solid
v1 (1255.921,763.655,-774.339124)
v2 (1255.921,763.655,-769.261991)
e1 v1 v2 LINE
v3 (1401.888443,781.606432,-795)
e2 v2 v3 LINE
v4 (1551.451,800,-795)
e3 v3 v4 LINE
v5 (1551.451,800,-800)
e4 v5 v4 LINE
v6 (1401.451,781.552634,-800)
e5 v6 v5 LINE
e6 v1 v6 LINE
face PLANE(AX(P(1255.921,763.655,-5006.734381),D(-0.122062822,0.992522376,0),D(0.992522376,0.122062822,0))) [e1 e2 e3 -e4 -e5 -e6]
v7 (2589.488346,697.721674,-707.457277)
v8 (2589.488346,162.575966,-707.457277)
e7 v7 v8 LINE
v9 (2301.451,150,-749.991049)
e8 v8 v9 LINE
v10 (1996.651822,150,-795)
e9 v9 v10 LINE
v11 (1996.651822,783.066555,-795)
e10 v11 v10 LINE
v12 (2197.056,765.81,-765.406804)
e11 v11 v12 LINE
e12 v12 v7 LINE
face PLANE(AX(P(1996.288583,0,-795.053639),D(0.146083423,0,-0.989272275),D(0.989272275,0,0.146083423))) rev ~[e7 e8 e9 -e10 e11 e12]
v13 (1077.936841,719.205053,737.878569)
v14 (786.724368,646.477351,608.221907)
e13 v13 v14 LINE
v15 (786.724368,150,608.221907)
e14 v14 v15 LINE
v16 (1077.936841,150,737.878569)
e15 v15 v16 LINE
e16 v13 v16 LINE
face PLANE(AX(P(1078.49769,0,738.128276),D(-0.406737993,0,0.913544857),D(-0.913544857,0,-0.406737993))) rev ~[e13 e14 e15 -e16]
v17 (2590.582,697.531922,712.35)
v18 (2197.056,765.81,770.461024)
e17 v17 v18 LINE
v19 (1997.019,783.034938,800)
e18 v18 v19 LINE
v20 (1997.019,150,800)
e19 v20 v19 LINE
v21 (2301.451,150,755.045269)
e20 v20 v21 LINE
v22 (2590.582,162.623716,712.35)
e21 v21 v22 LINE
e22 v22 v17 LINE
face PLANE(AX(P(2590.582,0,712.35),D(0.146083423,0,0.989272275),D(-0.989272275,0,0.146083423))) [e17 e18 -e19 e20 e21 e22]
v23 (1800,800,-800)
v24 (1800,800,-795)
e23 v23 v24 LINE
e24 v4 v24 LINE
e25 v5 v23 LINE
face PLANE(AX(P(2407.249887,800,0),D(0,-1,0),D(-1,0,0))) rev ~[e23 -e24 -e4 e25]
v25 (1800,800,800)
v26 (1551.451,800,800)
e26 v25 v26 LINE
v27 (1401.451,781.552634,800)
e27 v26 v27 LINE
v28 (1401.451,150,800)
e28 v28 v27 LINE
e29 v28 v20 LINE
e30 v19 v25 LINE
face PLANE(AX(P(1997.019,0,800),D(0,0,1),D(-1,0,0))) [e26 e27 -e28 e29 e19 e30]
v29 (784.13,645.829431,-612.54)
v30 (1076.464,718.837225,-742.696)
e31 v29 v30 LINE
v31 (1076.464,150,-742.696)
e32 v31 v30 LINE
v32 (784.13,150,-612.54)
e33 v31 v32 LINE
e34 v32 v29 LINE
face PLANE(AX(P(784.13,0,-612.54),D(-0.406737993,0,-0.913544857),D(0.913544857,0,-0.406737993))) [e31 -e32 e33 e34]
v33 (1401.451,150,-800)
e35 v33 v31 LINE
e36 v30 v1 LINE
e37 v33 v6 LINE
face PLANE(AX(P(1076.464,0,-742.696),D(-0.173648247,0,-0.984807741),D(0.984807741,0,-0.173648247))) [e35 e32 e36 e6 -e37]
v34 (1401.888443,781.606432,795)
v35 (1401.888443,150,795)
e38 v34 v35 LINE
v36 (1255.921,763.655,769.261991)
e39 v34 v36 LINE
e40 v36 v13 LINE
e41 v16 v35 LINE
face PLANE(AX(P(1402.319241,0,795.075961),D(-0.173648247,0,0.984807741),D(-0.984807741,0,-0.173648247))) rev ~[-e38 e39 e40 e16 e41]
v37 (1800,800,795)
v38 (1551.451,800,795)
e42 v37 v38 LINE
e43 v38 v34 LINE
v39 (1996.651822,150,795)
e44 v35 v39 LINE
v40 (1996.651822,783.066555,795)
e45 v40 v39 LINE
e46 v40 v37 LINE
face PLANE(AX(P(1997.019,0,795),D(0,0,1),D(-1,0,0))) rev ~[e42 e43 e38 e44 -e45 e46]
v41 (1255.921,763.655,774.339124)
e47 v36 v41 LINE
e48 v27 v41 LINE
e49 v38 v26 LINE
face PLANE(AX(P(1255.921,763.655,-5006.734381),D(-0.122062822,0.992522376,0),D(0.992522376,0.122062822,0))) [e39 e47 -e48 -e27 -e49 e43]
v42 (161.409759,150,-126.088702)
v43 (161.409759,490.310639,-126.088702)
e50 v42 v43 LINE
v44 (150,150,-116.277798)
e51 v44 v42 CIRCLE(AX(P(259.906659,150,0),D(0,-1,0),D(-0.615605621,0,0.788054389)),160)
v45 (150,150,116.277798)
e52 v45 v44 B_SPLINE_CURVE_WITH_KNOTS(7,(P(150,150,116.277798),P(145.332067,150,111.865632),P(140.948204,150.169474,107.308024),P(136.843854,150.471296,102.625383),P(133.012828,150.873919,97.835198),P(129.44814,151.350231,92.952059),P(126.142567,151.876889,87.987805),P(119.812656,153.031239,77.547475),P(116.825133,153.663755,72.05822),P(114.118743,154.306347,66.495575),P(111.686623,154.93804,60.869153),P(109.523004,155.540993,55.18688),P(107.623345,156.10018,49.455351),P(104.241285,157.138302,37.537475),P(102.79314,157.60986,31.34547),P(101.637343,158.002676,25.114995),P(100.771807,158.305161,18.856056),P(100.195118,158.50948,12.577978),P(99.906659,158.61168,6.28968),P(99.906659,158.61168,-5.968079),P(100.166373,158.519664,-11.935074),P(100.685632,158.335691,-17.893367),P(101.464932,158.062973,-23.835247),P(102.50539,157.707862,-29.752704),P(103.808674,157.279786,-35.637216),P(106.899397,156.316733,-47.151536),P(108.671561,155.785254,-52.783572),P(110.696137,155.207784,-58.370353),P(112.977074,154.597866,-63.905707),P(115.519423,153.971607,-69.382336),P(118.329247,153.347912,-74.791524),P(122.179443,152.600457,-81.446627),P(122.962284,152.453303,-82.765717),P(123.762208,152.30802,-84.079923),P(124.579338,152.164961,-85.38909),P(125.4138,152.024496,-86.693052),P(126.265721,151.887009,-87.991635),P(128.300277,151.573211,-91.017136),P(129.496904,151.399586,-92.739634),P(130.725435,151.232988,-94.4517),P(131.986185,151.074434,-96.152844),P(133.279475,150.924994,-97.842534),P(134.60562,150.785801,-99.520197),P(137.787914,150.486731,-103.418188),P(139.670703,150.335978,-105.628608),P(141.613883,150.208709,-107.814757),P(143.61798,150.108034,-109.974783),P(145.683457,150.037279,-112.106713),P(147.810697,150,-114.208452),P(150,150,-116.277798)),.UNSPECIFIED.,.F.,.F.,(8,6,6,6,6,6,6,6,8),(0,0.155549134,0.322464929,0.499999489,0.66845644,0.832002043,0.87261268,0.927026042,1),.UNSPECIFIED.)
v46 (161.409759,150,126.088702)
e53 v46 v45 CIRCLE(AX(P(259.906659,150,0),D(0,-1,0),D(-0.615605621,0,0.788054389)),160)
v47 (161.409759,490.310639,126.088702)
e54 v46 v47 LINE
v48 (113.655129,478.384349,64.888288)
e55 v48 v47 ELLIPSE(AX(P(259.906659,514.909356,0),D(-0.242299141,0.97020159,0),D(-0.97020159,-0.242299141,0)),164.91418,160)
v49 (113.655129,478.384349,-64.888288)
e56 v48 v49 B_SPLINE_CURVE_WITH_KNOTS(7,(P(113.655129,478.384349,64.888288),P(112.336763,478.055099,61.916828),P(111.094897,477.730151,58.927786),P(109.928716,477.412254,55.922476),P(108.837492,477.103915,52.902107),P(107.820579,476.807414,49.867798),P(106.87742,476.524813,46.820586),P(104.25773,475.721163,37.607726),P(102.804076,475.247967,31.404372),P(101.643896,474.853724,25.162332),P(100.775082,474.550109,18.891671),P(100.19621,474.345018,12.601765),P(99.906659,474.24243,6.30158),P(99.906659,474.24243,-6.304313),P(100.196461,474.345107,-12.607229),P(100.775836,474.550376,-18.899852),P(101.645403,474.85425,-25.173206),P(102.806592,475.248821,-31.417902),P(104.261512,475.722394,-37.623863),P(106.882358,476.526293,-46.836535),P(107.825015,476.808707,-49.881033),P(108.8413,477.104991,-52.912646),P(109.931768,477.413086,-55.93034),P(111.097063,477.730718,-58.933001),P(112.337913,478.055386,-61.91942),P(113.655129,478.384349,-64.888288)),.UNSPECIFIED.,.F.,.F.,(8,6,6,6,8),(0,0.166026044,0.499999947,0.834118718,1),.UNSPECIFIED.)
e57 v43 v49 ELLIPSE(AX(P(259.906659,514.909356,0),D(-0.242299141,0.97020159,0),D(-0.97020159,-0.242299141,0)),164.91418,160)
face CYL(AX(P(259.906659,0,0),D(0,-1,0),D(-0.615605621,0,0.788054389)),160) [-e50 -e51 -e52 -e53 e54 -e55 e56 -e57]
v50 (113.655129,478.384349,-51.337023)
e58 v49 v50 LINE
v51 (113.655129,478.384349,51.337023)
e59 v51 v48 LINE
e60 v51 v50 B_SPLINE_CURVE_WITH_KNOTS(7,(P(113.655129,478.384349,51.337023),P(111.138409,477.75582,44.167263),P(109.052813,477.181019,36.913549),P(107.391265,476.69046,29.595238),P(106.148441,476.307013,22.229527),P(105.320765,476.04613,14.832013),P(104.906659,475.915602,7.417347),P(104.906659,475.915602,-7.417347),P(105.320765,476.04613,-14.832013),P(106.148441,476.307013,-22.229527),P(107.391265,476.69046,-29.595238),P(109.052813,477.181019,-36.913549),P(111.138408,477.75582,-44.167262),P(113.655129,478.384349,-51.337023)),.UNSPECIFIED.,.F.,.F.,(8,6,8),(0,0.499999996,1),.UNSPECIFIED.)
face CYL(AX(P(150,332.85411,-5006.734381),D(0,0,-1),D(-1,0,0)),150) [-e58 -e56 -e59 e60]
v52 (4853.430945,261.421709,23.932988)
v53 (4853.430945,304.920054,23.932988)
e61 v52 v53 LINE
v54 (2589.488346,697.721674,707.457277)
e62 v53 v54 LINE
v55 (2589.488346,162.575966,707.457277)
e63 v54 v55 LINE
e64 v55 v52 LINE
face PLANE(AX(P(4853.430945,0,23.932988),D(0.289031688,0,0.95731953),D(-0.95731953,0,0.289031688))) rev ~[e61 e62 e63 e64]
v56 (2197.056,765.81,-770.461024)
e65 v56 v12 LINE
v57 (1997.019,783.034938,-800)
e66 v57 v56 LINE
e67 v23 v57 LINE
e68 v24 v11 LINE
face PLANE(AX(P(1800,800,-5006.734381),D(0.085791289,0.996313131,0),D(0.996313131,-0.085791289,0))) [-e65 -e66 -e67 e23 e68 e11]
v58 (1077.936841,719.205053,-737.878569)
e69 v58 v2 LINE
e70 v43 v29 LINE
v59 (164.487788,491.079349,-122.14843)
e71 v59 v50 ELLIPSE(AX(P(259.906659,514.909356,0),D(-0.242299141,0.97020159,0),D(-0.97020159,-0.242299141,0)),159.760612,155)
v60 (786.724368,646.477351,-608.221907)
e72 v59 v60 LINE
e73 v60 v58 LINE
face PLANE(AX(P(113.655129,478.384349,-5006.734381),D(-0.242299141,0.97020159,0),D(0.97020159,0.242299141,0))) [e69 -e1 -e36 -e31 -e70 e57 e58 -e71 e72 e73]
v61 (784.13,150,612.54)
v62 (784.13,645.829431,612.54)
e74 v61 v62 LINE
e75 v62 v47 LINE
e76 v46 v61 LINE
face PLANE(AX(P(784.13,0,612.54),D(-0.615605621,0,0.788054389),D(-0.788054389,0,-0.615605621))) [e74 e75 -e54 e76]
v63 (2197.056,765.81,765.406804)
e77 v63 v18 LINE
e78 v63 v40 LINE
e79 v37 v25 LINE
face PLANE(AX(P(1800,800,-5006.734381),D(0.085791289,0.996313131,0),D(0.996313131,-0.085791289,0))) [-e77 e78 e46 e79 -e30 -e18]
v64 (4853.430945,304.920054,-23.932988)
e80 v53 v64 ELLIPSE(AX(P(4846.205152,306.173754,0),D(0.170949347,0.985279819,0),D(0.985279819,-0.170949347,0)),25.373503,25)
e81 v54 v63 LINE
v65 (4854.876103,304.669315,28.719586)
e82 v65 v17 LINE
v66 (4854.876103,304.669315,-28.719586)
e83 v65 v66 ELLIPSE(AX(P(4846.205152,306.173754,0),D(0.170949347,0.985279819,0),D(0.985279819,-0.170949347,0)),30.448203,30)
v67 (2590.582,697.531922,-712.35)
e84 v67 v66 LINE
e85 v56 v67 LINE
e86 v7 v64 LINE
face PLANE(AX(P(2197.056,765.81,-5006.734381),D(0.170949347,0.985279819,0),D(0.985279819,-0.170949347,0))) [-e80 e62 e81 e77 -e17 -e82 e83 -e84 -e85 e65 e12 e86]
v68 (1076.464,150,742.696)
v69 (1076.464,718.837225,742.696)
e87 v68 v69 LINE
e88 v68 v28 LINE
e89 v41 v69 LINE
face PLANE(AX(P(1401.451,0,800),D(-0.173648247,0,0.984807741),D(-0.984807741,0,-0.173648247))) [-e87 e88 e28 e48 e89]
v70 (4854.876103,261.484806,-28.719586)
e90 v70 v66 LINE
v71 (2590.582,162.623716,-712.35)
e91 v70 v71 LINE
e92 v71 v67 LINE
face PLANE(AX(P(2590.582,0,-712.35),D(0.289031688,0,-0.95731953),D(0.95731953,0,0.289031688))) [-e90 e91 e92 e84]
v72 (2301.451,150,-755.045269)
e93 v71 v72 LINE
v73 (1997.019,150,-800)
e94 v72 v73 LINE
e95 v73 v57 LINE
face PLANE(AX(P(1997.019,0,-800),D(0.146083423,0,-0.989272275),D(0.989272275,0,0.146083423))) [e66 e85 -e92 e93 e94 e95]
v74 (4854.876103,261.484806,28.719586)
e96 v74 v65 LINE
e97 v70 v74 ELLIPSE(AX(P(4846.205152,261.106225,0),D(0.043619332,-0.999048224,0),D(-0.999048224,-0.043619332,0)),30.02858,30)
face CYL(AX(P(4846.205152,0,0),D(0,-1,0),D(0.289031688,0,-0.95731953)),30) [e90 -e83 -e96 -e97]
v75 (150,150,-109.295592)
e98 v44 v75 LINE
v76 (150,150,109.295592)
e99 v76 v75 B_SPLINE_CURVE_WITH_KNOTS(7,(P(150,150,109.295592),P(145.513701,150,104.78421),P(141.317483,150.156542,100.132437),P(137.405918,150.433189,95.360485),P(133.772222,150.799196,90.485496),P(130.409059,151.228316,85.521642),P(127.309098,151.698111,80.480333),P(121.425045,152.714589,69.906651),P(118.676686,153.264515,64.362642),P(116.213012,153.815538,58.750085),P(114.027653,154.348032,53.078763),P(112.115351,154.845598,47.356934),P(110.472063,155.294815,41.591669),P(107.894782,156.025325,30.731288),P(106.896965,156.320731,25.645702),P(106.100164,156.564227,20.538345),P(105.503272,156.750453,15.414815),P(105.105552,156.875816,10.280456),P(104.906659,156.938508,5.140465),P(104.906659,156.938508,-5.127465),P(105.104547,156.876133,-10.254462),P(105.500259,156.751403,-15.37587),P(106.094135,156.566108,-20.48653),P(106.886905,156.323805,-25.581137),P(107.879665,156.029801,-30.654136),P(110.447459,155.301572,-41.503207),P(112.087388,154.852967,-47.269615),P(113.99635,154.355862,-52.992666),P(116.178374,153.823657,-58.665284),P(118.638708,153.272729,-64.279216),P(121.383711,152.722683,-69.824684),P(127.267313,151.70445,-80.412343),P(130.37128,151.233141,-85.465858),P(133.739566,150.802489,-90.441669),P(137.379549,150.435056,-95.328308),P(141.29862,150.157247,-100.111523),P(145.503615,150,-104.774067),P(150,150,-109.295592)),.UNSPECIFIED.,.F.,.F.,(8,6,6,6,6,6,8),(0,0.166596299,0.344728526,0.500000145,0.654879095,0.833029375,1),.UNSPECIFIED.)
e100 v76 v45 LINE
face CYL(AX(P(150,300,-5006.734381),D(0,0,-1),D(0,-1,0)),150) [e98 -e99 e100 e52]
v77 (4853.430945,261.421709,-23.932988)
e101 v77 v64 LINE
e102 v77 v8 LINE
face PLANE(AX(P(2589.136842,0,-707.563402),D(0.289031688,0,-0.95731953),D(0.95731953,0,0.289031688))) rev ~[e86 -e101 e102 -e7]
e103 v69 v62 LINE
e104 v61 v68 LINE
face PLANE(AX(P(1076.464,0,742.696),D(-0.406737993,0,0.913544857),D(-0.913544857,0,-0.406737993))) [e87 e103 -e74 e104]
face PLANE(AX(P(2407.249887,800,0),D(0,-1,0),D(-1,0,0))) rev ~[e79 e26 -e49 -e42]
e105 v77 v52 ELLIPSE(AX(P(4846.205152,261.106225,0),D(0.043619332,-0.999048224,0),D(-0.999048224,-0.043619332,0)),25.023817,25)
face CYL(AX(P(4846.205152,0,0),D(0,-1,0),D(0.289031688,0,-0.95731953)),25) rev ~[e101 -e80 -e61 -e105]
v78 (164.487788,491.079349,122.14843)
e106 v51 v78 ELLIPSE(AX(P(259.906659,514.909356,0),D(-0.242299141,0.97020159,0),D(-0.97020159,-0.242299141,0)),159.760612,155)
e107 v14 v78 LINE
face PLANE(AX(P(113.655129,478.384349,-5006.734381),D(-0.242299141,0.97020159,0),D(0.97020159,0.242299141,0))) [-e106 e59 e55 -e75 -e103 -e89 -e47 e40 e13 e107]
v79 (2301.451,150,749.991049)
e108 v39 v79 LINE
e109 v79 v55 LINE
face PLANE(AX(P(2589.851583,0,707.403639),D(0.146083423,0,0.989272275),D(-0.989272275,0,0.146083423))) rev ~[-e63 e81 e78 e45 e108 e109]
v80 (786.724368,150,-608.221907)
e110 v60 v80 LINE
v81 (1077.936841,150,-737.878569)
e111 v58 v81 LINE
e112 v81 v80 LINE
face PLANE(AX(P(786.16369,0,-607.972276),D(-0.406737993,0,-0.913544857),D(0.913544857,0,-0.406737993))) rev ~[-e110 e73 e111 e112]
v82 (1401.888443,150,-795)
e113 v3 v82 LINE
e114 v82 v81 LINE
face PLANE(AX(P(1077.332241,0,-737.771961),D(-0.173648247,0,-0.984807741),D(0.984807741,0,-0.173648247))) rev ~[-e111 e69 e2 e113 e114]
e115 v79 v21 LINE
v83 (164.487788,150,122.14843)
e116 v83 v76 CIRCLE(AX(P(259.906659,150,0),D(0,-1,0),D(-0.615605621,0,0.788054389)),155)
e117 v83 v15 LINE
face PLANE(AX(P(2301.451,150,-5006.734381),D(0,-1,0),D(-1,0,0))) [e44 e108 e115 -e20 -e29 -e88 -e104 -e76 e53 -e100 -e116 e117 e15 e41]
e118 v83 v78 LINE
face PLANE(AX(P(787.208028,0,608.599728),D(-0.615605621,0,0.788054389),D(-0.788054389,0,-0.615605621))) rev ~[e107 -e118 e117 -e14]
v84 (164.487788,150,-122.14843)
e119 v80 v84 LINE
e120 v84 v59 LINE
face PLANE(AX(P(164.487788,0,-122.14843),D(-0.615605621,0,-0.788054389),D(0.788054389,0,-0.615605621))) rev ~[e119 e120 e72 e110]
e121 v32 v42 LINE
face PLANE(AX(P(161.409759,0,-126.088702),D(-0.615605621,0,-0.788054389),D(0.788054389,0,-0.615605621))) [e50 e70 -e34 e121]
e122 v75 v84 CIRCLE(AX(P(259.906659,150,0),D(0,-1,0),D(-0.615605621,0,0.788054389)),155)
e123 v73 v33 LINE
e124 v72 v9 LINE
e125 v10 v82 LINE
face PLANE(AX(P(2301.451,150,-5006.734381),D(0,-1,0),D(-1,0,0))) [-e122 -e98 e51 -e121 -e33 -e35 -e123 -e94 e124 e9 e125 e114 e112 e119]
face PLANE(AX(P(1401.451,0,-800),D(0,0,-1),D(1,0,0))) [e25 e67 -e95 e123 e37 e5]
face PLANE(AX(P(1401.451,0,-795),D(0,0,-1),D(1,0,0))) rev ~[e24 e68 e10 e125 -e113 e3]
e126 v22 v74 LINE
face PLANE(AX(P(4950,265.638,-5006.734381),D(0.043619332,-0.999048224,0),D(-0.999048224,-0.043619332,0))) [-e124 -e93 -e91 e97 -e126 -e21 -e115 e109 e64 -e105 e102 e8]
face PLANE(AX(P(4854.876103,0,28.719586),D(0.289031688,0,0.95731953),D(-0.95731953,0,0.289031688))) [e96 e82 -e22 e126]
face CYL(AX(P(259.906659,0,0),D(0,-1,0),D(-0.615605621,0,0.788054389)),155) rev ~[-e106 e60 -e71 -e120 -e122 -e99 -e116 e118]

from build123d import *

# Parameters (mm, degrees)
TOPVIEW_EXTRUDE_DEPTH      = 800
SHELL1_T                   = -5
SIDEPROFILE_CUT_DEPTH      = 5006.734380578
SIDEPROFILE_CUT_DEPTH_BACK = 5006.734380578
SKETCH2_OUTSIDE_W          = 5798.358
SKETCH2_OUTSIDE_H          = 1822.06


with BuildPart() as part:
    # Sketch1 → TopView_Extrude (new body)
    with BuildSketch(Plane(origin=(0, 0, 0), x_dir=(1, 0, 0), z_dir=(0, 1, 0))):
        with BuildLine():
            Line((161.409759475, 126.088702216), (784.13, 612.54))
            Line((784.13, 612.54), (1076.464, 742.696))
            Line((1076.464, 742.696), (1401.451, 800))
            Line((1401.451, 800), (1997.019, 800))
            Line((1997.019, 800), (2590.582, 712.35))
            Line((2590.582, 712.35), (4854.876103105, 28.719585912))
            ThreePointArc((4854.876103105, 28.719585912), (4876.205152462, 0), (4854.876103105, -28.719585912))
            Line((4854.876103105, -28.719585912), (2590.582, -712.35))
            Line((2590.582, -712.35), (1997.019, -800))
            Line((1997.019, -800), (1401.451, -800))
            Line((1401.451, -800), (1076.464, -742.696))
            Line((1076.464, -742.696), (784.13, -612.54))
            Line((784.13, -612.54), (161.409759475, -126.088702216))
            ThreePointArc((161.409759475, -126.088702216), (99.906658784, 0), (161.409759475, 126.088702216))
        make_face()
    extrude(amount=TOPVIEW_EXTRUDE_DEPTH)

    # Shell1
    shell1_openings = [part.faces().sort_by_distance(p)[0] for p in [
        (2160.780992179, 0, 0),
        (2160.780992179, 800, 0),
    ]]
    offset(amount=SHELL1_T, openings=shell1_openings, kind=Kind.INTERSECTION)

    # Sketch2 outside → SideProfile_Cut (cut, two sides: drawn at the far end of the back side and taken through both)
    with BuildSketch(Plane.XY.offset(-SIDEPROFILE_CUT_DEPTH_BACK)):
        with Locations((2488.056, 400)):
            Rectangle(SKETCH2_OUTSIDE_W, SKETCH2_OUTSIDE_H)
        with BuildLine():
            Line((0, 300), (0, 332.854109989))
            ThreePointArc((0, 332.854109989), (31.780435884, 425.180350356), (113.655128803, 478.384348558))
            Line((113.655128803, 478.384348558), (1255.921, 763.655))
            Line((1255.921, 763.655), (1551.451, 800))
            Line((1551.451, 800), (1800, 800))
            Line((1800, 800), (2197.056, 765.81))
            Line((2197.056, 765.81), (4950, 288.165))
            Line((4950, 288.165), (4950, 265.638))
            Line((4950, 265.638), (2301.451, 150))
            Line((2301.451, 150), (150, 150))
            ThreePointArc((150, 150), (43.933982822, 193.933982822), (0, 300))
        make_face(mode=Mode.SUBTRACT)
    extrude(amount=SIDEPROFILE_CUT_DEPTH + SIDEPROFILE_CUT_DEPTH_BACK, mode=Mode.SUBTRACT)


solid = part.part
